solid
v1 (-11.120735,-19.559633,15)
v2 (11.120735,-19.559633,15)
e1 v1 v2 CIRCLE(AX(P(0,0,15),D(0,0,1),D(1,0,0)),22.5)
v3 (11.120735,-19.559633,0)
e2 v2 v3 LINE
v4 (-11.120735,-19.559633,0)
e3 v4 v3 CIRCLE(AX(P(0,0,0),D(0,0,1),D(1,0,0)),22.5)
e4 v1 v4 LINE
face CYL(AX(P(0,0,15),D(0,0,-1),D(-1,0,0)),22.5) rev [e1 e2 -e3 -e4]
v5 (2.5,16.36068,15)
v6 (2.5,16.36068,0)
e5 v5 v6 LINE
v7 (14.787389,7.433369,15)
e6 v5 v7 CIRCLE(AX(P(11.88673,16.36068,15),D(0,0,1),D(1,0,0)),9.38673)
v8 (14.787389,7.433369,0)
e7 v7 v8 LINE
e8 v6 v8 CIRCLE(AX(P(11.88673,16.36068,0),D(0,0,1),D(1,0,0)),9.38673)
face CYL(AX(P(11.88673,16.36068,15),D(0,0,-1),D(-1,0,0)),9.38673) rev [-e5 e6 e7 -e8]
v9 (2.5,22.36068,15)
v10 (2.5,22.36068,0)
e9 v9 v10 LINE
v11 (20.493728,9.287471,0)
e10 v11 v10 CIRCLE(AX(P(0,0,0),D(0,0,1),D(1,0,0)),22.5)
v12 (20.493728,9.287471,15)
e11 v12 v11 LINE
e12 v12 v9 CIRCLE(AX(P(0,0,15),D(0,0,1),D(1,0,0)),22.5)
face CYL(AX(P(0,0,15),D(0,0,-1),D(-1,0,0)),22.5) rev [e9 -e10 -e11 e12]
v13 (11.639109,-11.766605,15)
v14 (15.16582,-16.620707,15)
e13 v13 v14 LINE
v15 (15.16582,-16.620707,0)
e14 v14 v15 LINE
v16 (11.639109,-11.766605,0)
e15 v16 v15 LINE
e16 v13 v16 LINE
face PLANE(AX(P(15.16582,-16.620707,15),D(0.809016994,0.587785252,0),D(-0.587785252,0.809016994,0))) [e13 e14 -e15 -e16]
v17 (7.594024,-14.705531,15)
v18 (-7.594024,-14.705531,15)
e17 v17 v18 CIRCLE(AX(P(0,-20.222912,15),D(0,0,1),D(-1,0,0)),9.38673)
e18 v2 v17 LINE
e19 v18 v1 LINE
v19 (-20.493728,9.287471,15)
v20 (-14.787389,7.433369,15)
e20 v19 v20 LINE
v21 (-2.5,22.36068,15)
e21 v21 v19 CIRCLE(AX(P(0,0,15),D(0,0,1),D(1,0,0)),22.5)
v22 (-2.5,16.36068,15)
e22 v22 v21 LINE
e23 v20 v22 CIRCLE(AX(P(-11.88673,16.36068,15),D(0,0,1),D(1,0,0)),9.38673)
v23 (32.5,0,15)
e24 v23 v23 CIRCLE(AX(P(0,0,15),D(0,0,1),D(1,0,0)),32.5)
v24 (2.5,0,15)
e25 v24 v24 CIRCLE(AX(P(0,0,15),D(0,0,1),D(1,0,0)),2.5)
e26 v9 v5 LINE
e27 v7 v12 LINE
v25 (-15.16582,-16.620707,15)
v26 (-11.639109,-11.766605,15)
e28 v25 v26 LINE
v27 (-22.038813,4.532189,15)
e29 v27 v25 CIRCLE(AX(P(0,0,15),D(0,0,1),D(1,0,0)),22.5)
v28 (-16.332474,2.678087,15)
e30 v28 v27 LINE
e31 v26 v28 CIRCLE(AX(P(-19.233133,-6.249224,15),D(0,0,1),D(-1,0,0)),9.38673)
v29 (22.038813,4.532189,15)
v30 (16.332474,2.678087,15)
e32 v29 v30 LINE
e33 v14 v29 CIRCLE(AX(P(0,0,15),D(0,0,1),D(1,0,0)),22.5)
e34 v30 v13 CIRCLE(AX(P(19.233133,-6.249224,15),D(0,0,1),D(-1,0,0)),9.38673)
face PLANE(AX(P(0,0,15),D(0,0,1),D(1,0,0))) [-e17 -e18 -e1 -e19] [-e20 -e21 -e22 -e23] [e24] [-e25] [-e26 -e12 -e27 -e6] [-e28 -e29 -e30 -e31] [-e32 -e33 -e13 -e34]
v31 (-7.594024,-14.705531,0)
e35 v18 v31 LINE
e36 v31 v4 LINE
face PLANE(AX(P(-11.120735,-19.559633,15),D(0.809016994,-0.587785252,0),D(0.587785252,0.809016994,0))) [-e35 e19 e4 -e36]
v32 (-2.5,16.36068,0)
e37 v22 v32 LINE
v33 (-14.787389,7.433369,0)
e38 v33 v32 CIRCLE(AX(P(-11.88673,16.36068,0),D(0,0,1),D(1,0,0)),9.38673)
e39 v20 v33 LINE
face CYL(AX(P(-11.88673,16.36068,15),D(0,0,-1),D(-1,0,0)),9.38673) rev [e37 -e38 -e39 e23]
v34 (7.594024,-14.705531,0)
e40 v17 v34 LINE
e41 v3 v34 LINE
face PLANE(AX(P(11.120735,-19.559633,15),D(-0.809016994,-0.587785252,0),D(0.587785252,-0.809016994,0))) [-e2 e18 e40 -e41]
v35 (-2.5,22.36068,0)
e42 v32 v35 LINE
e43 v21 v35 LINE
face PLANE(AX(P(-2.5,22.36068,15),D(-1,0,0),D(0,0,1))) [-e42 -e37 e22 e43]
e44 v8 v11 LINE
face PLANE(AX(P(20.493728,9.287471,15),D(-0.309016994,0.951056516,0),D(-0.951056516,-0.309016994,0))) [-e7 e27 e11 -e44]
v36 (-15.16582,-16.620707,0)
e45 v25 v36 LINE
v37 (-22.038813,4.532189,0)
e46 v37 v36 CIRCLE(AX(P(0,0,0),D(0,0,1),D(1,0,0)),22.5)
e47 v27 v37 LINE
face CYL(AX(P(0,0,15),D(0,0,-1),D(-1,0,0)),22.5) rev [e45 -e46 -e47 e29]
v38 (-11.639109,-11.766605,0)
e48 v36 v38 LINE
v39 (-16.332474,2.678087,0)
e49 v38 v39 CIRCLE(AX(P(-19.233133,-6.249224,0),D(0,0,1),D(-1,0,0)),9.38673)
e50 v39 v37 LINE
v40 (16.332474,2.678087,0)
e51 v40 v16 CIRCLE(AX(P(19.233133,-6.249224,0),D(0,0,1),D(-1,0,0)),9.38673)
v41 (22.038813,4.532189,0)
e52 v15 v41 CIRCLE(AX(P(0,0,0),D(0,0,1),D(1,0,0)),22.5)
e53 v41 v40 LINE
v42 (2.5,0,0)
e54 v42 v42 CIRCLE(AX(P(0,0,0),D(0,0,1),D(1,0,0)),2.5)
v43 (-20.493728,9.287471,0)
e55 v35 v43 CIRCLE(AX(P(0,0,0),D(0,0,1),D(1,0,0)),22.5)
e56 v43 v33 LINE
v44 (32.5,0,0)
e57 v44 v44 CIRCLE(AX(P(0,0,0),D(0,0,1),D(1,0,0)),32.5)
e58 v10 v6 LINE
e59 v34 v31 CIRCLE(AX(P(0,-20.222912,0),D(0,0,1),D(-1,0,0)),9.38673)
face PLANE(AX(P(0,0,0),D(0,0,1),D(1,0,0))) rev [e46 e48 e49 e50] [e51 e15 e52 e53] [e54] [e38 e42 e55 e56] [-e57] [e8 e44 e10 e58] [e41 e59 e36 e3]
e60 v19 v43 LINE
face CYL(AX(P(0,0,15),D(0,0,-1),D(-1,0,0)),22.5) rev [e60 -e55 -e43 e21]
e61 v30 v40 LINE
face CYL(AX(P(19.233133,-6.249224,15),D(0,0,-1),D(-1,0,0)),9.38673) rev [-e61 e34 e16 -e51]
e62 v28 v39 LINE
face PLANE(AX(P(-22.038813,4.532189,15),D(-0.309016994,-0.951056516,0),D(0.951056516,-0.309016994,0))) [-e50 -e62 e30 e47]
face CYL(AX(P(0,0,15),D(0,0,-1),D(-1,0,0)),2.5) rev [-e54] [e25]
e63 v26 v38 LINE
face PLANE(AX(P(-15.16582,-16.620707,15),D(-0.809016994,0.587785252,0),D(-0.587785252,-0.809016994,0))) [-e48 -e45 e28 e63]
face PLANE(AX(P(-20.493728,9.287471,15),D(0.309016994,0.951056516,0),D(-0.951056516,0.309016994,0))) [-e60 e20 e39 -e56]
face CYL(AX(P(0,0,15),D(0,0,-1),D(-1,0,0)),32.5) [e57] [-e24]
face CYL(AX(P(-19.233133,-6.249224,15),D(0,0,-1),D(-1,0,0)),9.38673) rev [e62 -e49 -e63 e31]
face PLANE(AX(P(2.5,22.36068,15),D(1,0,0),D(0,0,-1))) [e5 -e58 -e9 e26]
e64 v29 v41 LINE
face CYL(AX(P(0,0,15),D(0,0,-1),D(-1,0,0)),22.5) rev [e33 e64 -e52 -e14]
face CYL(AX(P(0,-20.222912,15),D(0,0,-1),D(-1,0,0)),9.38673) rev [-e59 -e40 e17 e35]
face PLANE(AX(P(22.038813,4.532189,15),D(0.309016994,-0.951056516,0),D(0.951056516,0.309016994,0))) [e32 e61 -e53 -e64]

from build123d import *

# Parameters (mm, degrees)
SKETCH_1_R      = 32.5
SKETCH_1_R_2    = 2.5
EXTRUDE_1_DEPTH = 15


with BuildPart() as part:
    # 草圖1 → 填料-伸長1 (new body)
    with BuildSketch(Plane.XY):
        Circle(SKETCH_1_R)
        Circle(SKETCH_1_R_2, mode=Mode.SUBTRACT)
        with BuildLine():
            Line((-2.5, 22.360679775), (-2.5, 16.360679775))
            ThreePointArc((-2.5, 16.360679775), (-6.369348392, 8.766655972), (-14.787388625, 7.433369381))
            Line((-14.787388625, 7.433369381), (-20.493727723, 9.287471347))
            ThreePointArc((-20.493727723, 9.287471347), (-13.225168177, 18.202882373), (-2.5, 22.360679775))
        make_face(mode=Mode.SUBTRACT)
        with BuildLine():
            Line((2.5, 22.360679775), (2.5, 16.360679775))
            ThreePointArc((2.5, 16.360679775), (6.369348392, 8.766655972), (14.787388625, 7.433369381))
            Line((14.787388625, 7.433369381), (20.493727723, 9.287471347))
            ThreePointArc((20.493727723, 9.287471347), (13.225168177, 18.202882373), (2.5, 22.360679775))
        make_face(mode=Mode.SUBTRACT)
        with BuildLine():
            Line((22.038812695, 4.532188766), (16.332473597, 2.678086799))
            ThreePointArc((16.332473597, 2.678086799), (10.305822184, -3.348564614), (11.639108775, -11.766604847))
            Line((11.639108775, -11.766604847), (15.165820289, -16.620706813))
            ThreePointArc((15.165820289, -16.620706813), (21.398771617, -6.952882373), (22.038812695, 4.532188766))
        make_face(mode=Mode.SUBTRACT)
        with BuildLine():
            Line((11.120735317, -19.559633074), (7.594023803, -14.705531108))
            ThreePointArc((7.594023803, -14.705531108), (0, -10.836182716), (-7.594023803, -14.705531108))
            Line((-7.594023803, -14.705531108), (-11.120735317, -19.559633074))
            ThreePointArc((-11.120735317, -19.559633074), (0, -22.5), (11.120735317, -19.559633074))
        make_face(mode=Mode.SUBTRACT)
        with BuildLine():
            Line((-15.165820289, -16.620706813), (-11.639108775, -11.766604847))
            ThreePointArc((-11.639108775, -11.766604847), (-10.305822184, -3.348564614), (-16.332473597, 2.678086799))
            Line((-16.332473597, 2.678086799), (-22.038812695, 4.532188766))
            ThreePointArc((-22.038812695, 4.532188766), (-21.398771617, -6.952882373), (-15.165820289, -16.620706813))
        make_face(mode=Mode.SUBTRACT)
    extrude(amount=EXTRUDE_1_DEPTH)


solid = part.part
